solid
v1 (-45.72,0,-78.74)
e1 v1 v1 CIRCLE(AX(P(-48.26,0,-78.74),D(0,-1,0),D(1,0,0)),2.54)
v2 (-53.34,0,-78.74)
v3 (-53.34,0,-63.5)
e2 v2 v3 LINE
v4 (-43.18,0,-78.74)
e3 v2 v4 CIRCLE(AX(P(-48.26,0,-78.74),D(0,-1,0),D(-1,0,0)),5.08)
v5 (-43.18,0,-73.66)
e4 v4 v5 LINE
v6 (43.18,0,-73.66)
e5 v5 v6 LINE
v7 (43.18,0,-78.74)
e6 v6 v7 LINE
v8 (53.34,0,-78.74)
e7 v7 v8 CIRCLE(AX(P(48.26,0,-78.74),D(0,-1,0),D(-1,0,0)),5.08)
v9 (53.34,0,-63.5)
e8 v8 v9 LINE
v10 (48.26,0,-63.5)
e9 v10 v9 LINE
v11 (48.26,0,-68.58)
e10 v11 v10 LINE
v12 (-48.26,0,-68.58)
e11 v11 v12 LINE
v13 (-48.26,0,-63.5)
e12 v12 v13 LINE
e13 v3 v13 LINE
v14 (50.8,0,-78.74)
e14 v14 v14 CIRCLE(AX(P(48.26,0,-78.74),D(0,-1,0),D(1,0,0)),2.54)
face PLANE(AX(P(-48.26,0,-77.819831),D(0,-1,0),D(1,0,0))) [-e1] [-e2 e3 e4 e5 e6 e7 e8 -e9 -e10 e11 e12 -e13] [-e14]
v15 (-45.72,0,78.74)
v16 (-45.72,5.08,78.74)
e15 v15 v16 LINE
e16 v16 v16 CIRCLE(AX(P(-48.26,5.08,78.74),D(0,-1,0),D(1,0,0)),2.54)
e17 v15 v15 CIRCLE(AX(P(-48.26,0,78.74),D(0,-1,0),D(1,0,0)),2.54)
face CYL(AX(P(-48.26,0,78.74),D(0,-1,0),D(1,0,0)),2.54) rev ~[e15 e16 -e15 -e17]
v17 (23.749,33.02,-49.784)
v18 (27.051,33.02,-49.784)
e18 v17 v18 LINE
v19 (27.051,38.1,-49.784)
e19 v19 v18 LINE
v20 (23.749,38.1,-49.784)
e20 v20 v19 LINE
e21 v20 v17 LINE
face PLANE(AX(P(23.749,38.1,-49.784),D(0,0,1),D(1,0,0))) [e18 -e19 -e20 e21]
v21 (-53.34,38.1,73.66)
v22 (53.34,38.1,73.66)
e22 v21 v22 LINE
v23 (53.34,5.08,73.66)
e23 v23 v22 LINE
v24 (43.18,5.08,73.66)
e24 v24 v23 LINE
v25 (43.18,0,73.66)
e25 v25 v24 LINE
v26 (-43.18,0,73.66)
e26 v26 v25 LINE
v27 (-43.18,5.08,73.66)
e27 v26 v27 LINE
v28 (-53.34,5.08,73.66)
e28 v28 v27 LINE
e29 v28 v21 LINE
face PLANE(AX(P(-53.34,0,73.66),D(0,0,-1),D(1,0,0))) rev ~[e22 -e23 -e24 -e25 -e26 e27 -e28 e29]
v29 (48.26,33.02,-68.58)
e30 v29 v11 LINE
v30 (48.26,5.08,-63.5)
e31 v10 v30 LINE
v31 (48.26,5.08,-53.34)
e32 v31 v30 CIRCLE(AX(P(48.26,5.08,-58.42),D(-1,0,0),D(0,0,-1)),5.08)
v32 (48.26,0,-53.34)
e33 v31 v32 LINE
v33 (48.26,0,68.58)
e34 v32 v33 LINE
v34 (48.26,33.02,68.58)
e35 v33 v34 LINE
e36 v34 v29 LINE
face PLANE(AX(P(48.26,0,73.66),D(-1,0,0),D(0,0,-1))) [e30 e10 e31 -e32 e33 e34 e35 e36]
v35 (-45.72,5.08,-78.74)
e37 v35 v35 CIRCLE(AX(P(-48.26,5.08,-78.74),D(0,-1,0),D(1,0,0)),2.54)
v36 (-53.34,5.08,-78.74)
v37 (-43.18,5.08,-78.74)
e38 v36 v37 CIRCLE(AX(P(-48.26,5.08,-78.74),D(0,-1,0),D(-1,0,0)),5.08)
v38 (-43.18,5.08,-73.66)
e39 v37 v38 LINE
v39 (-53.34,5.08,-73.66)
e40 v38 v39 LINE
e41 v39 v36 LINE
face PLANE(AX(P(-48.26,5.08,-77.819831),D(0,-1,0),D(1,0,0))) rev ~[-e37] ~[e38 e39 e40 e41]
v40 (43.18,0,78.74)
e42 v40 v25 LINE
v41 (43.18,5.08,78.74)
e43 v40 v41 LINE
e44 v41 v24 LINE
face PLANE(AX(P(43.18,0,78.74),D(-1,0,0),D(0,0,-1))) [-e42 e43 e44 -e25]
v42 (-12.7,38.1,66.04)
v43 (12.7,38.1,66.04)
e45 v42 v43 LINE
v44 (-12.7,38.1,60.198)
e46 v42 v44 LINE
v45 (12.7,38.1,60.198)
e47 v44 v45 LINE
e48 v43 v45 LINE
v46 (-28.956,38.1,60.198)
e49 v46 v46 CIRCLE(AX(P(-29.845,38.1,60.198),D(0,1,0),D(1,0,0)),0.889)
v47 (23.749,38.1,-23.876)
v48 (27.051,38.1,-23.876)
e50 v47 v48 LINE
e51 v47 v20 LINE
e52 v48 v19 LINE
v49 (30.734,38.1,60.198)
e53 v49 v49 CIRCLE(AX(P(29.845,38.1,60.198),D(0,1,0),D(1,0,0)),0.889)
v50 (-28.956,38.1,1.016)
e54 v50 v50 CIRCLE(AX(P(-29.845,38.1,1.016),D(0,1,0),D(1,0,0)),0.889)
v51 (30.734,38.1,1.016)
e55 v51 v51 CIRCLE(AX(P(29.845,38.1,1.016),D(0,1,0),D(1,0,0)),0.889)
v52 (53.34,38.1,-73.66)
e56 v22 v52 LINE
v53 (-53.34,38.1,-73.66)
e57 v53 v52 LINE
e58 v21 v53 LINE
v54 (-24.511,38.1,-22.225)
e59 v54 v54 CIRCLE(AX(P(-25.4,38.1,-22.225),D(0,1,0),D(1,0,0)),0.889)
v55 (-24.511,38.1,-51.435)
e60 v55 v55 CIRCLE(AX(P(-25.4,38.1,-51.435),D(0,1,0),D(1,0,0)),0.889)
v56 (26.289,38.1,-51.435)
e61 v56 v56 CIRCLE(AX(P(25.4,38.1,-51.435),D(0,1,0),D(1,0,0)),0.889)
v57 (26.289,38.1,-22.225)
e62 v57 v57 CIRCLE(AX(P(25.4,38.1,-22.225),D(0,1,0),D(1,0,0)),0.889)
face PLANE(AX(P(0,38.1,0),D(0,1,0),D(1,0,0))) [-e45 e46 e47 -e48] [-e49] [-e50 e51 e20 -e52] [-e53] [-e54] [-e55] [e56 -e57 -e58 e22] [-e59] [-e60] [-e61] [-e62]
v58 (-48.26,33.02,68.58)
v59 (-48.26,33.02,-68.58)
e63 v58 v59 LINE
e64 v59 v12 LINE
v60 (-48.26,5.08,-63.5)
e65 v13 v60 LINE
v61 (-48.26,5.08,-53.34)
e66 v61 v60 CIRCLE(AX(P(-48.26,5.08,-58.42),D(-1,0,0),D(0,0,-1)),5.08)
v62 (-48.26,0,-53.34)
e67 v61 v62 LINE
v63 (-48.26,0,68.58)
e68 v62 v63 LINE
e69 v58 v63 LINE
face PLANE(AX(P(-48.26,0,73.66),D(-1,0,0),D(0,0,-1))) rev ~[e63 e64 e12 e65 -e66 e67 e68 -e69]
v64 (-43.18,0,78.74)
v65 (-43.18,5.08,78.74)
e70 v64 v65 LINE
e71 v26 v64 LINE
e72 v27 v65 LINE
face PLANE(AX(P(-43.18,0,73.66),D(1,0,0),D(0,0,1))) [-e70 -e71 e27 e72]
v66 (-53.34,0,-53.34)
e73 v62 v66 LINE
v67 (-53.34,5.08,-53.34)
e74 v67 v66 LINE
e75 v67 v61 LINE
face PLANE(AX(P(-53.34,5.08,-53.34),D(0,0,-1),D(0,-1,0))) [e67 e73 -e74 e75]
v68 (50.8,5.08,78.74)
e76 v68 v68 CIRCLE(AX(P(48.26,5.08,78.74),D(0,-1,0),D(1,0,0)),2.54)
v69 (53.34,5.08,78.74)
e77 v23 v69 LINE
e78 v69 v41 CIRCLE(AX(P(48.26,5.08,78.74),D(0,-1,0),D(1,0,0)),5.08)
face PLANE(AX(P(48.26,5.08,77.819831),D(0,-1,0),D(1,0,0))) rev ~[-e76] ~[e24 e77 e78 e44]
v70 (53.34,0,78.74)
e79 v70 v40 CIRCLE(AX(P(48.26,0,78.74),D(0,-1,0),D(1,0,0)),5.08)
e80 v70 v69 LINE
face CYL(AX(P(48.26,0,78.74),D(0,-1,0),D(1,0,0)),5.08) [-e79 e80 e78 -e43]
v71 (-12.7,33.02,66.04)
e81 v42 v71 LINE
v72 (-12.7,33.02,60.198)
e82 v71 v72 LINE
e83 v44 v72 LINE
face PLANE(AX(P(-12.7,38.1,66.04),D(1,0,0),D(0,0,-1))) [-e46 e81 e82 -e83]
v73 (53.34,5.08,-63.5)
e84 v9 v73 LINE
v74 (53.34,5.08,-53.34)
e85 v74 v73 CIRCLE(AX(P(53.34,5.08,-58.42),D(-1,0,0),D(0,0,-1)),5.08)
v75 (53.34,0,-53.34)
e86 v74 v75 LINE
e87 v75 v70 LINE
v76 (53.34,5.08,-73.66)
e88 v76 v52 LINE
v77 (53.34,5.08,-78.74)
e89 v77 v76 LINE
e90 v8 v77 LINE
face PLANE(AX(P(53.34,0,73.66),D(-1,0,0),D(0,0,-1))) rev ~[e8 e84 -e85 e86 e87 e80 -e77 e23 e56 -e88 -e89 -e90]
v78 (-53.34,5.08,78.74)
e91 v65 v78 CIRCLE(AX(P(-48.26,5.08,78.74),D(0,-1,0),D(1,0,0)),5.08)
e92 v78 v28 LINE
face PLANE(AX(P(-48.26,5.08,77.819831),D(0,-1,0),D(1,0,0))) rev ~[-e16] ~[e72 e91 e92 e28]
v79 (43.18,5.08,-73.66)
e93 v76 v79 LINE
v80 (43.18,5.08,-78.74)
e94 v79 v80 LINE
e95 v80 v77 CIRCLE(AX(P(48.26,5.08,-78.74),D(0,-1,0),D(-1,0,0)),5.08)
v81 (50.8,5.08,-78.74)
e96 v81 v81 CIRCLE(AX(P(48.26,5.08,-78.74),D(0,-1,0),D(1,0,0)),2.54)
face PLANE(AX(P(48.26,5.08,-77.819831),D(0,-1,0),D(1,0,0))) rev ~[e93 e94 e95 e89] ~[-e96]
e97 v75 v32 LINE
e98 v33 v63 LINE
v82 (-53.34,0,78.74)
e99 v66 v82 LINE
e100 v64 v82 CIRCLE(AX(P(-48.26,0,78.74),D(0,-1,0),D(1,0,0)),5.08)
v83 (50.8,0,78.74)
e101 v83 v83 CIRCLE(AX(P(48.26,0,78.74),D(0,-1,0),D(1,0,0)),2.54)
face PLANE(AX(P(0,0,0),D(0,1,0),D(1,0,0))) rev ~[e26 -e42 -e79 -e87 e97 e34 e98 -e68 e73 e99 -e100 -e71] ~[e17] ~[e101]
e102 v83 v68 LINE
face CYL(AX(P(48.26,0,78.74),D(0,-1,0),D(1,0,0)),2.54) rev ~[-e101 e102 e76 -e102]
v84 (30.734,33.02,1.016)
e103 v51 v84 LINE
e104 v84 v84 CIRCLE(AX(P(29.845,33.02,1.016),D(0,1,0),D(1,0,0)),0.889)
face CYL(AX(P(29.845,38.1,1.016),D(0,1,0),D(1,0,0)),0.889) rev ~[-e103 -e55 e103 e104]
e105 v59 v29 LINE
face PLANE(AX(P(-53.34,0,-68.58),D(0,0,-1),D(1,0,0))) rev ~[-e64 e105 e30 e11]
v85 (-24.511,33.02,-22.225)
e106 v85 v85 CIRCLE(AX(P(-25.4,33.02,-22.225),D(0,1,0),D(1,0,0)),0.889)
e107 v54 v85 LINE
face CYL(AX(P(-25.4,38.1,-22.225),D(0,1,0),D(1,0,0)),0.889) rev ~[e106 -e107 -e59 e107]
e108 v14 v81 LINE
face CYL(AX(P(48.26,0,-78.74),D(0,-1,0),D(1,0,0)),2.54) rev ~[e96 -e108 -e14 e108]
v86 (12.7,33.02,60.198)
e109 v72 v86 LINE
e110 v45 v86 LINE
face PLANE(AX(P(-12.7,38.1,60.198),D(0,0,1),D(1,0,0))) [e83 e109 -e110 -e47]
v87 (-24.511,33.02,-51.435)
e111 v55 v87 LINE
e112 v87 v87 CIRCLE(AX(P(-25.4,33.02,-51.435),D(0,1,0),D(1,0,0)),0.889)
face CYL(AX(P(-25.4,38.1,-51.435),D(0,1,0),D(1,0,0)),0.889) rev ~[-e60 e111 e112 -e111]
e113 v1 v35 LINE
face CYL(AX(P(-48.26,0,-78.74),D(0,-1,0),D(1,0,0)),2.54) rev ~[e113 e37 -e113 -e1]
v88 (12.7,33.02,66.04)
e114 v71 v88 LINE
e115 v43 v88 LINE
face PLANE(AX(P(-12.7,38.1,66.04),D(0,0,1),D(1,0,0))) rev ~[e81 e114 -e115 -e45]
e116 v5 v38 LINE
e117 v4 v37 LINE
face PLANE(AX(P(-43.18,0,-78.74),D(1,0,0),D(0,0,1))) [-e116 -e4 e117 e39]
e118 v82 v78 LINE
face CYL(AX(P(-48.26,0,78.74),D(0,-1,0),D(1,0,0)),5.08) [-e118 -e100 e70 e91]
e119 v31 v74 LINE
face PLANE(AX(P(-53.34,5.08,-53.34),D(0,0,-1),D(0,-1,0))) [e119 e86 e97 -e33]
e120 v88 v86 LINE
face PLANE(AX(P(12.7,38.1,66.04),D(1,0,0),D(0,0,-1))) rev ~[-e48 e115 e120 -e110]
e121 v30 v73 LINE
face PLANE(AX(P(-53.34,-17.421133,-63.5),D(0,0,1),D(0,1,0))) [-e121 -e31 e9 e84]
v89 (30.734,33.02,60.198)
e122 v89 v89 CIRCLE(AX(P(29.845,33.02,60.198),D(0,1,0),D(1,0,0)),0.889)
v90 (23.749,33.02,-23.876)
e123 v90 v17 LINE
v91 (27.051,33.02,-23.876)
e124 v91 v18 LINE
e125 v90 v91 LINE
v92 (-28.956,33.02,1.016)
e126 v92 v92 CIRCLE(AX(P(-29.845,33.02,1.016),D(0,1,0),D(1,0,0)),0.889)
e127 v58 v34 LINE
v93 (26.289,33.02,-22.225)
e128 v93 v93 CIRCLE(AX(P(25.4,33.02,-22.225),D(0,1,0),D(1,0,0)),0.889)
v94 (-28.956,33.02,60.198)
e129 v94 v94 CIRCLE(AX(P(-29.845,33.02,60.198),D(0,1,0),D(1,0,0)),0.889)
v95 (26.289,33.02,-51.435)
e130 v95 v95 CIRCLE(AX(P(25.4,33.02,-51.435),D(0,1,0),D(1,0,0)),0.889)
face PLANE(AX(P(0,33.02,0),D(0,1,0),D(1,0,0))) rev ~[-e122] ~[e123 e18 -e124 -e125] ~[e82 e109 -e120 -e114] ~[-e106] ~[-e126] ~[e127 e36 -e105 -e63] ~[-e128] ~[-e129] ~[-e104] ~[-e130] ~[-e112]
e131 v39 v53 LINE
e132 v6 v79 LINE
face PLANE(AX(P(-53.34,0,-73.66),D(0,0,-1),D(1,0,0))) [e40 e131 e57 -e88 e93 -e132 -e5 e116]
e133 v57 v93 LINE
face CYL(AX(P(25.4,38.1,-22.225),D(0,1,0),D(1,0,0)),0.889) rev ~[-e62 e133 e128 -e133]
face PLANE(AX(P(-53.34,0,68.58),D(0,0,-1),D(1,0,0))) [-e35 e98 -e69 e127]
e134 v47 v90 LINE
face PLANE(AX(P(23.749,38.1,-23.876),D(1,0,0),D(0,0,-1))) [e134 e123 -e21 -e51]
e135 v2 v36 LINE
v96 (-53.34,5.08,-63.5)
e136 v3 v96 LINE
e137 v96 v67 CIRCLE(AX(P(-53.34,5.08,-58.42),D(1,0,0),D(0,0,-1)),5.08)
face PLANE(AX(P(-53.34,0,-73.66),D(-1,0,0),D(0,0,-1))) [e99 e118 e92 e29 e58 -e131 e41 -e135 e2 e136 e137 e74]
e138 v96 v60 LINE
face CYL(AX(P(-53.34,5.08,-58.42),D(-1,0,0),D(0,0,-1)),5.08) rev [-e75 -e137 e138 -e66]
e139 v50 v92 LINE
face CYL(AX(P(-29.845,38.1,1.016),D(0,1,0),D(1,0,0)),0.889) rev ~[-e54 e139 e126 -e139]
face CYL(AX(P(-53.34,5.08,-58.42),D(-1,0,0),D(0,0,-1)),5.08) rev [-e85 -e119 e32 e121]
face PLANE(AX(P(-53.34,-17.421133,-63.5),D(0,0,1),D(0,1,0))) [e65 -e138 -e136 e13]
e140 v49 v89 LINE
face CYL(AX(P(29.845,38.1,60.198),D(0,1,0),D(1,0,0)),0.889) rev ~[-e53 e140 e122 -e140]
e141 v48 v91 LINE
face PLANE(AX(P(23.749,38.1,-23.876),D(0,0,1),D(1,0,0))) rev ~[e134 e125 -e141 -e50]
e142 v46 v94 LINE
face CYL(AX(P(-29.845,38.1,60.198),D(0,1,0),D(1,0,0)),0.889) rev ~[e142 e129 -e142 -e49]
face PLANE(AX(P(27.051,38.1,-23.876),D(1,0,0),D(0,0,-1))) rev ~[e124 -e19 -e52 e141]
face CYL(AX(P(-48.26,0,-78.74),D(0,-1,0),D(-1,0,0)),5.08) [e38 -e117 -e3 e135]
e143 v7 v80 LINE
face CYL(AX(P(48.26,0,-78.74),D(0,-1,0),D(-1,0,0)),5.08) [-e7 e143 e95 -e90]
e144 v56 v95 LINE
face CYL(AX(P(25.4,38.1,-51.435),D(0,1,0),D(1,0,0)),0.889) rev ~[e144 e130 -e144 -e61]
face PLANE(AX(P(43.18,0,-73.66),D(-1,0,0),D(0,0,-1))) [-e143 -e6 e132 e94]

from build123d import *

# Parameters (mm, degrees)
SKETCH1_W           = 106.68
SKETCH1_H           = 147.32
BOSS_EXTRUDE1_DEPTH = 38.1
SHELL1_T            = -5.08
SKETCH5_R           = 0.889
SKETCH5_W           = 3.302
SKETCH5_H           = 25.908
SKETCH5_W_2         = 25.4
SKETCH5_H_2         = 5.842
CUT_EXTRUDE1_DEPTH  = 38.1
CUT_EXTRUDE2_DEPTH  = 107.68
SKETCH15_R          = 2.54
BOSS_EXTRUDE5_DEPTH = 5.08


with BuildPart() as part:
    # Sketch1 → Boss-Extrude1 (new body)
    with BuildSketch(Plane(origin=(0, 0, 0), x_dir=(1, 0, 0), z_dir=(0, 1, 0))):
        Rectangle(SKETCH1_W, SKETCH1_H)
    extrude(amount=BOSS_EXTRUDE1_DEPTH)

    # Shell1
    shell1_openings = [part.faces().sort_by_distance(p)[0] for p in [
        (0, 0, 0),
    ]]
    offset(amount=SHELL1_T, openings=shell1_openings, kind=Kind.INTERSECTION)

    # Sketch5 → Cut-Extrude1 (cut)
    with BuildSketch(Plane(origin=(0, 38.1, 0), x_dir=(1, 0, 0), z_dir=(0, 1, 0))):
        with Locations((-25.4, 51.435)):
            Circle(SKETCH5_R)
        with Locations((-25.4, 22.225)):
            Circle(SKETCH5_R)
        with Locations((25.4, 36.83)):
            Rectangle(SKETCH5_W, SKETCH5_H)
        with Locations((25.4, 51.435)):
            Circle(SKETCH5_R)
        with Locations((25.4, 22.225)):
            Circle(SKETCH5_R)
        with Locations((0, -63.119)):
            Rectangle(SKETCH5_W_2, SKETCH5_H_2)
        with Locations((29.845, -60.198)):
            Circle(SKETCH5_R)
        with Locations((-29.845, -60.198)):
            Circle(SKETCH5_R)
        with Locations((-29.845, -1.016)):
            Circle(SKETCH5_R)
        with Locations((29.845, -1.016)):
            Circle(SKETCH5_R)
    extrude(amount=-CUT_EXTRUDE1_DEPTH, mode=Mode.SUBTRACT)

    # Sketch6 → Cut-Extrude2 (cut, through all)
    with BuildSketch(Plane.ZY.offset(53.34)):
        with BuildLine():
            Line((-63.5, -17.421133293), (-63.5, 5.08))
            ThreePointArc((-63.5, 5.08), (-58.42, 10.16), (-53.34, 5.08))
            Line((-53.34, 5.08), (-53.34, -17.421133293))
            ThreePointArc((-53.34, -17.421133293), (-58.42, -22.501133293), (-63.5, -17.421133293))
        make_face()
    extrude(amount=-CUT_EXTRUDE2_DEPTH, mode=Mode.SUBTRACT)

    # Sketch15 → Boss-Extrude5 (add)
    with BuildSketch(Plane.XZ):
        with BuildLine():
            Line((-53.34, -73.66), (-53.34, -78.74))
            ThreePointArc((-53.34, -78.74), (-48.26, -83.82), (-43.18, -78.74))
            Line((-43.18, -78.74), (-43.18, -73.66))
            Line((-43.18, -73.66), (-53.34, -73.66))
        make_face()
        with Locations((-48.26, -78.74)):
            Circle(SKETCH15_R, mode=Mode.SUBTRACT)
        with BuildLine():
            Line((53.34, -73.66), (43.18, -73.66))
            Line((43.18, -73.66), (43.18, -78.74))
            ThreePointArc((43.18, -78.74), (48.26, -83.82), (53.34, -78.74))
            Line((53.34, -78.74), (53.34, -73.66))
        make_face()
        with Locations((48.26, -78.74)):
            Circle(SKETCH15_R, mode=Mode.SUBTRACT)
        with BuildLine():
            Line((43.18, 78.74), (43.18, 73.66))
            Line((43.18, 73.66), (53.34, 73.66))
            Line((53.34, 73.66), (53.34, 78.74))
            ThreePointArc((53.34, 78.74), (48.26, 83.82), (43.18, 78.74))
        make_face()
        with Locations((48.26, 78.74)):
            Circle(SKETCH15_R, mode=Mode.SUBTRACT)
        with BuildLine():
            Line((-53.34, 78.74), (-53.34, 73.66))
            Line((-53.34, 73.66), (-43.18, 73.66))
            Line((-43.18, 73.66), (-43.18, 78.74))
            ThreePointArc((-43.18, 78.74), (-48.26, 83.82), (-53.34, 78.74))
        make_face()
        with Locations((-48.26, 78.74)):
            Circle(SKETCH15_R, mode=Mode.SUBTRACT)
    extrude(amount=-BOSS_EXTRUDE5_DEPTH)


solid = part.part
